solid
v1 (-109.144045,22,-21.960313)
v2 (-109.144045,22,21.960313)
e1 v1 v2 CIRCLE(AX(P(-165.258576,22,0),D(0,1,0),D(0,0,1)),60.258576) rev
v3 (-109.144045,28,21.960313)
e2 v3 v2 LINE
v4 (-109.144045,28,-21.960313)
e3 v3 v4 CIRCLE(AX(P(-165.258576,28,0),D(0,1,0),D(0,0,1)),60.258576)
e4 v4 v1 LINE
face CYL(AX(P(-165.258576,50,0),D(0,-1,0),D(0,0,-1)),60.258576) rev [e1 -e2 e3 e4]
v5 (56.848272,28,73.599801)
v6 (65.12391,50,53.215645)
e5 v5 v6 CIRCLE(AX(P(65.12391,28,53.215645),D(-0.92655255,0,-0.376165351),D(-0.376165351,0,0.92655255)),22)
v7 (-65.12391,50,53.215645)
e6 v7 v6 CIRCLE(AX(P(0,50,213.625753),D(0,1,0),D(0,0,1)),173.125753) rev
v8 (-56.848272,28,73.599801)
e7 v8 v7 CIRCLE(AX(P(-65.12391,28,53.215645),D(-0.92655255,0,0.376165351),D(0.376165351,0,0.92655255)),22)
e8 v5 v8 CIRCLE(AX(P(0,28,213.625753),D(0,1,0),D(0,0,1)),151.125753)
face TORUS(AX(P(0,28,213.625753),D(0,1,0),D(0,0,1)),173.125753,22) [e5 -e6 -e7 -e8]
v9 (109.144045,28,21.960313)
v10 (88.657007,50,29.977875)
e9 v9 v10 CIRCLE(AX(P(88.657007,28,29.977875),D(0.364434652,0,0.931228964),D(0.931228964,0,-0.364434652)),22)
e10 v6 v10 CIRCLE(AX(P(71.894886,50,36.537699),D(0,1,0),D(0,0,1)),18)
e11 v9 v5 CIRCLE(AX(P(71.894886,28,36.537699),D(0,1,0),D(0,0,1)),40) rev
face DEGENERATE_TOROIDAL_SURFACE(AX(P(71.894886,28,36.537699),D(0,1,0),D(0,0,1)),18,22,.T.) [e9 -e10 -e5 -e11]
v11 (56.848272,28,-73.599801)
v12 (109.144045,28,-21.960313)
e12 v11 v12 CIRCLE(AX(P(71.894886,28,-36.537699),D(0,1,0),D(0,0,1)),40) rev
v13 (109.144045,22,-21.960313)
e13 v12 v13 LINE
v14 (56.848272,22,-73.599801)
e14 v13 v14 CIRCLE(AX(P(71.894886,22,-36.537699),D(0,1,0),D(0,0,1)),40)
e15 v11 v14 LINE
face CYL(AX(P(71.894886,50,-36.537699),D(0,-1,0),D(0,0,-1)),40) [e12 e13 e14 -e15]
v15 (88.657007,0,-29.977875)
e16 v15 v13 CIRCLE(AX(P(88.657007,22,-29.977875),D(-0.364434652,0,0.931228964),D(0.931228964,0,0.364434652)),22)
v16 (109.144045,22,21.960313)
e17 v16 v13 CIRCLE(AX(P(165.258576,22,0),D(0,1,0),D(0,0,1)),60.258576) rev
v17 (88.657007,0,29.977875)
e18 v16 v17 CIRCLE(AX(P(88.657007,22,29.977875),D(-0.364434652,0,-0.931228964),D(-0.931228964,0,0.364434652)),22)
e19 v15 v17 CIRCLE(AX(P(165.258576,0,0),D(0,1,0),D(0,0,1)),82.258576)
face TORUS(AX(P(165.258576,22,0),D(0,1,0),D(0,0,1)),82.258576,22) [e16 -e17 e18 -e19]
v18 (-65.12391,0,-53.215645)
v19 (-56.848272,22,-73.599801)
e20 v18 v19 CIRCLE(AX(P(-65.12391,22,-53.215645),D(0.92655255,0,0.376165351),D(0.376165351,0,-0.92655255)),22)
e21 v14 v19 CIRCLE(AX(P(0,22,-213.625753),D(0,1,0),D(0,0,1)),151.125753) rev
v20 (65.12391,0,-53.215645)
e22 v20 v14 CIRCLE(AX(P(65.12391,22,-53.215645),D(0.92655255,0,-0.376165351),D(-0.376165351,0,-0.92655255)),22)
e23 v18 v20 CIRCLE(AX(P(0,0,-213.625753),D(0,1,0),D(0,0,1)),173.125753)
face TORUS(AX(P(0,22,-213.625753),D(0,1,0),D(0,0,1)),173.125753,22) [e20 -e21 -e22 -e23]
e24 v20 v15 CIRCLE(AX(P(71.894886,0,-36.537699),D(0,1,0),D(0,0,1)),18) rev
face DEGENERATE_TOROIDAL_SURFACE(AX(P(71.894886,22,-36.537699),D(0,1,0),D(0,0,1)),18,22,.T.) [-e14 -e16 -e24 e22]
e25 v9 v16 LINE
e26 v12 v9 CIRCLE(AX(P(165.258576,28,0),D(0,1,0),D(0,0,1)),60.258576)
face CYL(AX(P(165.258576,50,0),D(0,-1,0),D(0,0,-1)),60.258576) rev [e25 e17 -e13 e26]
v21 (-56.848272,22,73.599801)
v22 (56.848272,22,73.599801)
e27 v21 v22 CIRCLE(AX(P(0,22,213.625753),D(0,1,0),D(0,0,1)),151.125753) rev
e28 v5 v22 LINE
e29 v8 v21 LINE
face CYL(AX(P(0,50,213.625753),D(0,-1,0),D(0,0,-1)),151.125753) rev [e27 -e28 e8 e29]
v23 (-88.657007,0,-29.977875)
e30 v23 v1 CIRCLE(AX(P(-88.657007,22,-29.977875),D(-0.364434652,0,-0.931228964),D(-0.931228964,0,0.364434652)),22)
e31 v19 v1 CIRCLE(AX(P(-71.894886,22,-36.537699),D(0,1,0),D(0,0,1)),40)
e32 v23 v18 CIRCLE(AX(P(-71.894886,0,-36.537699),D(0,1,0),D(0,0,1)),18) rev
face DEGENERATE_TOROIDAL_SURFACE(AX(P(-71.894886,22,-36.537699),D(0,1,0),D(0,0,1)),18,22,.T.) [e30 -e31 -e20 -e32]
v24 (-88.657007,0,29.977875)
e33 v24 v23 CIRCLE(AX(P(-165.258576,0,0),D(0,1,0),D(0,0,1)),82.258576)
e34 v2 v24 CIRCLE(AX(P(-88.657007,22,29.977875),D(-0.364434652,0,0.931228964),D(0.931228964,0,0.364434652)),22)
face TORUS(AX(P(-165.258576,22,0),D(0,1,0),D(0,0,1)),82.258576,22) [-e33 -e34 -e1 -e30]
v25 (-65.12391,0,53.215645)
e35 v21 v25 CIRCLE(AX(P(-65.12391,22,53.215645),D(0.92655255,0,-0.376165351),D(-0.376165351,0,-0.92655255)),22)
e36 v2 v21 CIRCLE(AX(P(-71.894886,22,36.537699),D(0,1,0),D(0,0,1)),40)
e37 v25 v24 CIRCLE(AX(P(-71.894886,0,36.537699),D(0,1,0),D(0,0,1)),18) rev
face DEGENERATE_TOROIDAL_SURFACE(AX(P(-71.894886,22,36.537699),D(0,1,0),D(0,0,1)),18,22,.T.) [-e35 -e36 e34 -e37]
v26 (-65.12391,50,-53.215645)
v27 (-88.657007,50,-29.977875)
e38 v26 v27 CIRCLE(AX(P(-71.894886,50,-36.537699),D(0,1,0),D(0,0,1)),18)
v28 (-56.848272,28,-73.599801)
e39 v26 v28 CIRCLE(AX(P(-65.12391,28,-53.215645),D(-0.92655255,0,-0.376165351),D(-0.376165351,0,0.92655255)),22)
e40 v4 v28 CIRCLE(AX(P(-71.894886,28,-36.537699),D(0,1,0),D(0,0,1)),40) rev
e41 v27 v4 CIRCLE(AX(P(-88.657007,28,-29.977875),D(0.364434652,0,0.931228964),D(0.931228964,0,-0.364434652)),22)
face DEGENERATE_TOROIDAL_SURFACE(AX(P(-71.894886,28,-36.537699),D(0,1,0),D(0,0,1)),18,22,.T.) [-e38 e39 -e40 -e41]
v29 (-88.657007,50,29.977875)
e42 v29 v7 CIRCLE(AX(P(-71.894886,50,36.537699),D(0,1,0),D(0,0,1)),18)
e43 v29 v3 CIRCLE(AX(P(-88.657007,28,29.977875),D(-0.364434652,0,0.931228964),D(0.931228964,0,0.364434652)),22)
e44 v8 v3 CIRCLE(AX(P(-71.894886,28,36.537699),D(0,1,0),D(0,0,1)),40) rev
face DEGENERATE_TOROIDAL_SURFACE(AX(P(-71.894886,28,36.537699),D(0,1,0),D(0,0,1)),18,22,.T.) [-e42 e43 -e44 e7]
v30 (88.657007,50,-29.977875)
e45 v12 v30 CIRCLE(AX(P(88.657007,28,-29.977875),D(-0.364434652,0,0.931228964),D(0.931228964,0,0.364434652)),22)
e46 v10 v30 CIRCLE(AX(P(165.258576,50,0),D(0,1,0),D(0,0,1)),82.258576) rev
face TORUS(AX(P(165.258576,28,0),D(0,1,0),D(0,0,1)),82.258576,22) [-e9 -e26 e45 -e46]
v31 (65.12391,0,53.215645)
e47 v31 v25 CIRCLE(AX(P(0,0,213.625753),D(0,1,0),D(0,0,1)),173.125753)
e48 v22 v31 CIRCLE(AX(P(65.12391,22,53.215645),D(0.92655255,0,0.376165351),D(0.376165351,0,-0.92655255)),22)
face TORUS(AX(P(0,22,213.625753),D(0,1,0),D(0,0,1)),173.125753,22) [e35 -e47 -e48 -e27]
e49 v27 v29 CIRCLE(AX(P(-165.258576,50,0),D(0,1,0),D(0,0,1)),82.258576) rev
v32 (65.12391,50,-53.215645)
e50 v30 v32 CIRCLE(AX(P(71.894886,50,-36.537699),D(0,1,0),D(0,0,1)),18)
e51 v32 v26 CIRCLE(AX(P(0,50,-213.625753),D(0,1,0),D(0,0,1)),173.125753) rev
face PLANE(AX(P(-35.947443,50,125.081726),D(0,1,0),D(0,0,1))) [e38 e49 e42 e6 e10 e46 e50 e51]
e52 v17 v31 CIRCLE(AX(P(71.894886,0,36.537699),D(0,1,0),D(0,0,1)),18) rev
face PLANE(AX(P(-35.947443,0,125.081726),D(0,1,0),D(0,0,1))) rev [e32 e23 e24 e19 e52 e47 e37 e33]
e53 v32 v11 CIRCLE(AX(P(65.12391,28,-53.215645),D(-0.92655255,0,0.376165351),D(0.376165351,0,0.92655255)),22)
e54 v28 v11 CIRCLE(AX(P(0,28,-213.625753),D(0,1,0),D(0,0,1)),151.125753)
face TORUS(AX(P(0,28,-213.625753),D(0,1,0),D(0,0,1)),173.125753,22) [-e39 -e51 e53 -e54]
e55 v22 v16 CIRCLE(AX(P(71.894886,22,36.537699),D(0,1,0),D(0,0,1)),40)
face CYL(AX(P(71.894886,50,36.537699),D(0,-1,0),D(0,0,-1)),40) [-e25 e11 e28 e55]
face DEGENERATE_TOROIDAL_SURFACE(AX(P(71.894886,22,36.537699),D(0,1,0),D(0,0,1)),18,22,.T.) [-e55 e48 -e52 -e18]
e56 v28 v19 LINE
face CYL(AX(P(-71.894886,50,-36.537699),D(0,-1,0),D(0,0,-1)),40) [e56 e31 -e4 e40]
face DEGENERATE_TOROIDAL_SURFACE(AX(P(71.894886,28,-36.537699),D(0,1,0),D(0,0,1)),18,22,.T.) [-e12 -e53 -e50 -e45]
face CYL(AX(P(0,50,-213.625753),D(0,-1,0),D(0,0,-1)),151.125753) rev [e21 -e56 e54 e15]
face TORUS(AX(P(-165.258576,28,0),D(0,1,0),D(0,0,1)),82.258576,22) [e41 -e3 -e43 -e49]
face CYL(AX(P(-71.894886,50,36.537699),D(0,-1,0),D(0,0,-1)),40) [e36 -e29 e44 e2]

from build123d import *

# Parameters (mm, degrees)
BOSS_EXTRUDE1_DEPTH = 50
FILLET1_R           = 22


with BuildPart() as part:
    # Sketch1 → Boss-Extrude1 (new body)
    with BuildSketch(Plane(origin=(0, 0, 0), x_dir=(1, 0, 0), z_dir=(0, 1, 0))):
        with BuildLine():
            ThreePointArc((-56.848272026, 73.599801144), (-28.960885768, 65.300905733), (0, 62.5))
            ThreePointArc((0, 62.5), (28.960885768, 65.300905733), (56.848272026, 73.599801144))
            ThreePointArc((56.848272026, 73.599801144), (100, 65), (109.144044644, 21.960313031))
            ThreePointArc((109.144044644, 21.960313031), (106.045073596, 11.173947987), (105, 0))
            ThreePointArc((105, 0), (106.045073596, -11.173947987), (109.144044644, -21.960313031))
            ThreePointArc((109.144044644, -21.960313031), (100, -65), (56.848272026, -73.599801144))
            ThreePointArc((56.848272026, -73.599801144), (28.960885768, -65.300905733), (0, -62.5))
            ThreePointArc((0, -62.5), (-28.960885768, -65.300905733), (-56.848272026, -73.599801144))
            ThreePointArc((-56.848272026, -73.599801144), (-100, -65), (-109.144044644, -21.960313031))
            ThreePointArc((-109.144044644, -21.960313031), (-106.045073596, -11.173947987), (-105, 0))
            ThreePointArc((-105, 0), (-106.045073596, 11.173947987), (-109.144044644, 21.960313031))
            ThreePointArc((-109.144044644, 21.960313031), (-100, 65), (-56.848272026, 73.599801144))
        make_face()
    extrude(amount=BOSS_EXTRUDE1_DEPTH)

    # Fillet1
    fillet1_edges = [part.edges().sort_by_distance(p)[0] for p in [
        (0, 0, 62.5),
        (-100, 0, 65),
        (105, 50, 0),
        (-105, 0, 0),
        (-100, 0, -65),
        (0, 0, -62.5),
        (100, 0, -65),
        (105, 0, 0),
        (100, 0, 65),
        (100, 50, -65),
        (0, 50, -62.5),
        (-100, 50, -65),
        (-105, 50, 0),
        (-100, 50, 65),
        (0, 50, 62.5),
        (100, 50, 65),
    ]]
    fillet(fillet1_edges, radius=FILLET1_R)


solid = part.part
